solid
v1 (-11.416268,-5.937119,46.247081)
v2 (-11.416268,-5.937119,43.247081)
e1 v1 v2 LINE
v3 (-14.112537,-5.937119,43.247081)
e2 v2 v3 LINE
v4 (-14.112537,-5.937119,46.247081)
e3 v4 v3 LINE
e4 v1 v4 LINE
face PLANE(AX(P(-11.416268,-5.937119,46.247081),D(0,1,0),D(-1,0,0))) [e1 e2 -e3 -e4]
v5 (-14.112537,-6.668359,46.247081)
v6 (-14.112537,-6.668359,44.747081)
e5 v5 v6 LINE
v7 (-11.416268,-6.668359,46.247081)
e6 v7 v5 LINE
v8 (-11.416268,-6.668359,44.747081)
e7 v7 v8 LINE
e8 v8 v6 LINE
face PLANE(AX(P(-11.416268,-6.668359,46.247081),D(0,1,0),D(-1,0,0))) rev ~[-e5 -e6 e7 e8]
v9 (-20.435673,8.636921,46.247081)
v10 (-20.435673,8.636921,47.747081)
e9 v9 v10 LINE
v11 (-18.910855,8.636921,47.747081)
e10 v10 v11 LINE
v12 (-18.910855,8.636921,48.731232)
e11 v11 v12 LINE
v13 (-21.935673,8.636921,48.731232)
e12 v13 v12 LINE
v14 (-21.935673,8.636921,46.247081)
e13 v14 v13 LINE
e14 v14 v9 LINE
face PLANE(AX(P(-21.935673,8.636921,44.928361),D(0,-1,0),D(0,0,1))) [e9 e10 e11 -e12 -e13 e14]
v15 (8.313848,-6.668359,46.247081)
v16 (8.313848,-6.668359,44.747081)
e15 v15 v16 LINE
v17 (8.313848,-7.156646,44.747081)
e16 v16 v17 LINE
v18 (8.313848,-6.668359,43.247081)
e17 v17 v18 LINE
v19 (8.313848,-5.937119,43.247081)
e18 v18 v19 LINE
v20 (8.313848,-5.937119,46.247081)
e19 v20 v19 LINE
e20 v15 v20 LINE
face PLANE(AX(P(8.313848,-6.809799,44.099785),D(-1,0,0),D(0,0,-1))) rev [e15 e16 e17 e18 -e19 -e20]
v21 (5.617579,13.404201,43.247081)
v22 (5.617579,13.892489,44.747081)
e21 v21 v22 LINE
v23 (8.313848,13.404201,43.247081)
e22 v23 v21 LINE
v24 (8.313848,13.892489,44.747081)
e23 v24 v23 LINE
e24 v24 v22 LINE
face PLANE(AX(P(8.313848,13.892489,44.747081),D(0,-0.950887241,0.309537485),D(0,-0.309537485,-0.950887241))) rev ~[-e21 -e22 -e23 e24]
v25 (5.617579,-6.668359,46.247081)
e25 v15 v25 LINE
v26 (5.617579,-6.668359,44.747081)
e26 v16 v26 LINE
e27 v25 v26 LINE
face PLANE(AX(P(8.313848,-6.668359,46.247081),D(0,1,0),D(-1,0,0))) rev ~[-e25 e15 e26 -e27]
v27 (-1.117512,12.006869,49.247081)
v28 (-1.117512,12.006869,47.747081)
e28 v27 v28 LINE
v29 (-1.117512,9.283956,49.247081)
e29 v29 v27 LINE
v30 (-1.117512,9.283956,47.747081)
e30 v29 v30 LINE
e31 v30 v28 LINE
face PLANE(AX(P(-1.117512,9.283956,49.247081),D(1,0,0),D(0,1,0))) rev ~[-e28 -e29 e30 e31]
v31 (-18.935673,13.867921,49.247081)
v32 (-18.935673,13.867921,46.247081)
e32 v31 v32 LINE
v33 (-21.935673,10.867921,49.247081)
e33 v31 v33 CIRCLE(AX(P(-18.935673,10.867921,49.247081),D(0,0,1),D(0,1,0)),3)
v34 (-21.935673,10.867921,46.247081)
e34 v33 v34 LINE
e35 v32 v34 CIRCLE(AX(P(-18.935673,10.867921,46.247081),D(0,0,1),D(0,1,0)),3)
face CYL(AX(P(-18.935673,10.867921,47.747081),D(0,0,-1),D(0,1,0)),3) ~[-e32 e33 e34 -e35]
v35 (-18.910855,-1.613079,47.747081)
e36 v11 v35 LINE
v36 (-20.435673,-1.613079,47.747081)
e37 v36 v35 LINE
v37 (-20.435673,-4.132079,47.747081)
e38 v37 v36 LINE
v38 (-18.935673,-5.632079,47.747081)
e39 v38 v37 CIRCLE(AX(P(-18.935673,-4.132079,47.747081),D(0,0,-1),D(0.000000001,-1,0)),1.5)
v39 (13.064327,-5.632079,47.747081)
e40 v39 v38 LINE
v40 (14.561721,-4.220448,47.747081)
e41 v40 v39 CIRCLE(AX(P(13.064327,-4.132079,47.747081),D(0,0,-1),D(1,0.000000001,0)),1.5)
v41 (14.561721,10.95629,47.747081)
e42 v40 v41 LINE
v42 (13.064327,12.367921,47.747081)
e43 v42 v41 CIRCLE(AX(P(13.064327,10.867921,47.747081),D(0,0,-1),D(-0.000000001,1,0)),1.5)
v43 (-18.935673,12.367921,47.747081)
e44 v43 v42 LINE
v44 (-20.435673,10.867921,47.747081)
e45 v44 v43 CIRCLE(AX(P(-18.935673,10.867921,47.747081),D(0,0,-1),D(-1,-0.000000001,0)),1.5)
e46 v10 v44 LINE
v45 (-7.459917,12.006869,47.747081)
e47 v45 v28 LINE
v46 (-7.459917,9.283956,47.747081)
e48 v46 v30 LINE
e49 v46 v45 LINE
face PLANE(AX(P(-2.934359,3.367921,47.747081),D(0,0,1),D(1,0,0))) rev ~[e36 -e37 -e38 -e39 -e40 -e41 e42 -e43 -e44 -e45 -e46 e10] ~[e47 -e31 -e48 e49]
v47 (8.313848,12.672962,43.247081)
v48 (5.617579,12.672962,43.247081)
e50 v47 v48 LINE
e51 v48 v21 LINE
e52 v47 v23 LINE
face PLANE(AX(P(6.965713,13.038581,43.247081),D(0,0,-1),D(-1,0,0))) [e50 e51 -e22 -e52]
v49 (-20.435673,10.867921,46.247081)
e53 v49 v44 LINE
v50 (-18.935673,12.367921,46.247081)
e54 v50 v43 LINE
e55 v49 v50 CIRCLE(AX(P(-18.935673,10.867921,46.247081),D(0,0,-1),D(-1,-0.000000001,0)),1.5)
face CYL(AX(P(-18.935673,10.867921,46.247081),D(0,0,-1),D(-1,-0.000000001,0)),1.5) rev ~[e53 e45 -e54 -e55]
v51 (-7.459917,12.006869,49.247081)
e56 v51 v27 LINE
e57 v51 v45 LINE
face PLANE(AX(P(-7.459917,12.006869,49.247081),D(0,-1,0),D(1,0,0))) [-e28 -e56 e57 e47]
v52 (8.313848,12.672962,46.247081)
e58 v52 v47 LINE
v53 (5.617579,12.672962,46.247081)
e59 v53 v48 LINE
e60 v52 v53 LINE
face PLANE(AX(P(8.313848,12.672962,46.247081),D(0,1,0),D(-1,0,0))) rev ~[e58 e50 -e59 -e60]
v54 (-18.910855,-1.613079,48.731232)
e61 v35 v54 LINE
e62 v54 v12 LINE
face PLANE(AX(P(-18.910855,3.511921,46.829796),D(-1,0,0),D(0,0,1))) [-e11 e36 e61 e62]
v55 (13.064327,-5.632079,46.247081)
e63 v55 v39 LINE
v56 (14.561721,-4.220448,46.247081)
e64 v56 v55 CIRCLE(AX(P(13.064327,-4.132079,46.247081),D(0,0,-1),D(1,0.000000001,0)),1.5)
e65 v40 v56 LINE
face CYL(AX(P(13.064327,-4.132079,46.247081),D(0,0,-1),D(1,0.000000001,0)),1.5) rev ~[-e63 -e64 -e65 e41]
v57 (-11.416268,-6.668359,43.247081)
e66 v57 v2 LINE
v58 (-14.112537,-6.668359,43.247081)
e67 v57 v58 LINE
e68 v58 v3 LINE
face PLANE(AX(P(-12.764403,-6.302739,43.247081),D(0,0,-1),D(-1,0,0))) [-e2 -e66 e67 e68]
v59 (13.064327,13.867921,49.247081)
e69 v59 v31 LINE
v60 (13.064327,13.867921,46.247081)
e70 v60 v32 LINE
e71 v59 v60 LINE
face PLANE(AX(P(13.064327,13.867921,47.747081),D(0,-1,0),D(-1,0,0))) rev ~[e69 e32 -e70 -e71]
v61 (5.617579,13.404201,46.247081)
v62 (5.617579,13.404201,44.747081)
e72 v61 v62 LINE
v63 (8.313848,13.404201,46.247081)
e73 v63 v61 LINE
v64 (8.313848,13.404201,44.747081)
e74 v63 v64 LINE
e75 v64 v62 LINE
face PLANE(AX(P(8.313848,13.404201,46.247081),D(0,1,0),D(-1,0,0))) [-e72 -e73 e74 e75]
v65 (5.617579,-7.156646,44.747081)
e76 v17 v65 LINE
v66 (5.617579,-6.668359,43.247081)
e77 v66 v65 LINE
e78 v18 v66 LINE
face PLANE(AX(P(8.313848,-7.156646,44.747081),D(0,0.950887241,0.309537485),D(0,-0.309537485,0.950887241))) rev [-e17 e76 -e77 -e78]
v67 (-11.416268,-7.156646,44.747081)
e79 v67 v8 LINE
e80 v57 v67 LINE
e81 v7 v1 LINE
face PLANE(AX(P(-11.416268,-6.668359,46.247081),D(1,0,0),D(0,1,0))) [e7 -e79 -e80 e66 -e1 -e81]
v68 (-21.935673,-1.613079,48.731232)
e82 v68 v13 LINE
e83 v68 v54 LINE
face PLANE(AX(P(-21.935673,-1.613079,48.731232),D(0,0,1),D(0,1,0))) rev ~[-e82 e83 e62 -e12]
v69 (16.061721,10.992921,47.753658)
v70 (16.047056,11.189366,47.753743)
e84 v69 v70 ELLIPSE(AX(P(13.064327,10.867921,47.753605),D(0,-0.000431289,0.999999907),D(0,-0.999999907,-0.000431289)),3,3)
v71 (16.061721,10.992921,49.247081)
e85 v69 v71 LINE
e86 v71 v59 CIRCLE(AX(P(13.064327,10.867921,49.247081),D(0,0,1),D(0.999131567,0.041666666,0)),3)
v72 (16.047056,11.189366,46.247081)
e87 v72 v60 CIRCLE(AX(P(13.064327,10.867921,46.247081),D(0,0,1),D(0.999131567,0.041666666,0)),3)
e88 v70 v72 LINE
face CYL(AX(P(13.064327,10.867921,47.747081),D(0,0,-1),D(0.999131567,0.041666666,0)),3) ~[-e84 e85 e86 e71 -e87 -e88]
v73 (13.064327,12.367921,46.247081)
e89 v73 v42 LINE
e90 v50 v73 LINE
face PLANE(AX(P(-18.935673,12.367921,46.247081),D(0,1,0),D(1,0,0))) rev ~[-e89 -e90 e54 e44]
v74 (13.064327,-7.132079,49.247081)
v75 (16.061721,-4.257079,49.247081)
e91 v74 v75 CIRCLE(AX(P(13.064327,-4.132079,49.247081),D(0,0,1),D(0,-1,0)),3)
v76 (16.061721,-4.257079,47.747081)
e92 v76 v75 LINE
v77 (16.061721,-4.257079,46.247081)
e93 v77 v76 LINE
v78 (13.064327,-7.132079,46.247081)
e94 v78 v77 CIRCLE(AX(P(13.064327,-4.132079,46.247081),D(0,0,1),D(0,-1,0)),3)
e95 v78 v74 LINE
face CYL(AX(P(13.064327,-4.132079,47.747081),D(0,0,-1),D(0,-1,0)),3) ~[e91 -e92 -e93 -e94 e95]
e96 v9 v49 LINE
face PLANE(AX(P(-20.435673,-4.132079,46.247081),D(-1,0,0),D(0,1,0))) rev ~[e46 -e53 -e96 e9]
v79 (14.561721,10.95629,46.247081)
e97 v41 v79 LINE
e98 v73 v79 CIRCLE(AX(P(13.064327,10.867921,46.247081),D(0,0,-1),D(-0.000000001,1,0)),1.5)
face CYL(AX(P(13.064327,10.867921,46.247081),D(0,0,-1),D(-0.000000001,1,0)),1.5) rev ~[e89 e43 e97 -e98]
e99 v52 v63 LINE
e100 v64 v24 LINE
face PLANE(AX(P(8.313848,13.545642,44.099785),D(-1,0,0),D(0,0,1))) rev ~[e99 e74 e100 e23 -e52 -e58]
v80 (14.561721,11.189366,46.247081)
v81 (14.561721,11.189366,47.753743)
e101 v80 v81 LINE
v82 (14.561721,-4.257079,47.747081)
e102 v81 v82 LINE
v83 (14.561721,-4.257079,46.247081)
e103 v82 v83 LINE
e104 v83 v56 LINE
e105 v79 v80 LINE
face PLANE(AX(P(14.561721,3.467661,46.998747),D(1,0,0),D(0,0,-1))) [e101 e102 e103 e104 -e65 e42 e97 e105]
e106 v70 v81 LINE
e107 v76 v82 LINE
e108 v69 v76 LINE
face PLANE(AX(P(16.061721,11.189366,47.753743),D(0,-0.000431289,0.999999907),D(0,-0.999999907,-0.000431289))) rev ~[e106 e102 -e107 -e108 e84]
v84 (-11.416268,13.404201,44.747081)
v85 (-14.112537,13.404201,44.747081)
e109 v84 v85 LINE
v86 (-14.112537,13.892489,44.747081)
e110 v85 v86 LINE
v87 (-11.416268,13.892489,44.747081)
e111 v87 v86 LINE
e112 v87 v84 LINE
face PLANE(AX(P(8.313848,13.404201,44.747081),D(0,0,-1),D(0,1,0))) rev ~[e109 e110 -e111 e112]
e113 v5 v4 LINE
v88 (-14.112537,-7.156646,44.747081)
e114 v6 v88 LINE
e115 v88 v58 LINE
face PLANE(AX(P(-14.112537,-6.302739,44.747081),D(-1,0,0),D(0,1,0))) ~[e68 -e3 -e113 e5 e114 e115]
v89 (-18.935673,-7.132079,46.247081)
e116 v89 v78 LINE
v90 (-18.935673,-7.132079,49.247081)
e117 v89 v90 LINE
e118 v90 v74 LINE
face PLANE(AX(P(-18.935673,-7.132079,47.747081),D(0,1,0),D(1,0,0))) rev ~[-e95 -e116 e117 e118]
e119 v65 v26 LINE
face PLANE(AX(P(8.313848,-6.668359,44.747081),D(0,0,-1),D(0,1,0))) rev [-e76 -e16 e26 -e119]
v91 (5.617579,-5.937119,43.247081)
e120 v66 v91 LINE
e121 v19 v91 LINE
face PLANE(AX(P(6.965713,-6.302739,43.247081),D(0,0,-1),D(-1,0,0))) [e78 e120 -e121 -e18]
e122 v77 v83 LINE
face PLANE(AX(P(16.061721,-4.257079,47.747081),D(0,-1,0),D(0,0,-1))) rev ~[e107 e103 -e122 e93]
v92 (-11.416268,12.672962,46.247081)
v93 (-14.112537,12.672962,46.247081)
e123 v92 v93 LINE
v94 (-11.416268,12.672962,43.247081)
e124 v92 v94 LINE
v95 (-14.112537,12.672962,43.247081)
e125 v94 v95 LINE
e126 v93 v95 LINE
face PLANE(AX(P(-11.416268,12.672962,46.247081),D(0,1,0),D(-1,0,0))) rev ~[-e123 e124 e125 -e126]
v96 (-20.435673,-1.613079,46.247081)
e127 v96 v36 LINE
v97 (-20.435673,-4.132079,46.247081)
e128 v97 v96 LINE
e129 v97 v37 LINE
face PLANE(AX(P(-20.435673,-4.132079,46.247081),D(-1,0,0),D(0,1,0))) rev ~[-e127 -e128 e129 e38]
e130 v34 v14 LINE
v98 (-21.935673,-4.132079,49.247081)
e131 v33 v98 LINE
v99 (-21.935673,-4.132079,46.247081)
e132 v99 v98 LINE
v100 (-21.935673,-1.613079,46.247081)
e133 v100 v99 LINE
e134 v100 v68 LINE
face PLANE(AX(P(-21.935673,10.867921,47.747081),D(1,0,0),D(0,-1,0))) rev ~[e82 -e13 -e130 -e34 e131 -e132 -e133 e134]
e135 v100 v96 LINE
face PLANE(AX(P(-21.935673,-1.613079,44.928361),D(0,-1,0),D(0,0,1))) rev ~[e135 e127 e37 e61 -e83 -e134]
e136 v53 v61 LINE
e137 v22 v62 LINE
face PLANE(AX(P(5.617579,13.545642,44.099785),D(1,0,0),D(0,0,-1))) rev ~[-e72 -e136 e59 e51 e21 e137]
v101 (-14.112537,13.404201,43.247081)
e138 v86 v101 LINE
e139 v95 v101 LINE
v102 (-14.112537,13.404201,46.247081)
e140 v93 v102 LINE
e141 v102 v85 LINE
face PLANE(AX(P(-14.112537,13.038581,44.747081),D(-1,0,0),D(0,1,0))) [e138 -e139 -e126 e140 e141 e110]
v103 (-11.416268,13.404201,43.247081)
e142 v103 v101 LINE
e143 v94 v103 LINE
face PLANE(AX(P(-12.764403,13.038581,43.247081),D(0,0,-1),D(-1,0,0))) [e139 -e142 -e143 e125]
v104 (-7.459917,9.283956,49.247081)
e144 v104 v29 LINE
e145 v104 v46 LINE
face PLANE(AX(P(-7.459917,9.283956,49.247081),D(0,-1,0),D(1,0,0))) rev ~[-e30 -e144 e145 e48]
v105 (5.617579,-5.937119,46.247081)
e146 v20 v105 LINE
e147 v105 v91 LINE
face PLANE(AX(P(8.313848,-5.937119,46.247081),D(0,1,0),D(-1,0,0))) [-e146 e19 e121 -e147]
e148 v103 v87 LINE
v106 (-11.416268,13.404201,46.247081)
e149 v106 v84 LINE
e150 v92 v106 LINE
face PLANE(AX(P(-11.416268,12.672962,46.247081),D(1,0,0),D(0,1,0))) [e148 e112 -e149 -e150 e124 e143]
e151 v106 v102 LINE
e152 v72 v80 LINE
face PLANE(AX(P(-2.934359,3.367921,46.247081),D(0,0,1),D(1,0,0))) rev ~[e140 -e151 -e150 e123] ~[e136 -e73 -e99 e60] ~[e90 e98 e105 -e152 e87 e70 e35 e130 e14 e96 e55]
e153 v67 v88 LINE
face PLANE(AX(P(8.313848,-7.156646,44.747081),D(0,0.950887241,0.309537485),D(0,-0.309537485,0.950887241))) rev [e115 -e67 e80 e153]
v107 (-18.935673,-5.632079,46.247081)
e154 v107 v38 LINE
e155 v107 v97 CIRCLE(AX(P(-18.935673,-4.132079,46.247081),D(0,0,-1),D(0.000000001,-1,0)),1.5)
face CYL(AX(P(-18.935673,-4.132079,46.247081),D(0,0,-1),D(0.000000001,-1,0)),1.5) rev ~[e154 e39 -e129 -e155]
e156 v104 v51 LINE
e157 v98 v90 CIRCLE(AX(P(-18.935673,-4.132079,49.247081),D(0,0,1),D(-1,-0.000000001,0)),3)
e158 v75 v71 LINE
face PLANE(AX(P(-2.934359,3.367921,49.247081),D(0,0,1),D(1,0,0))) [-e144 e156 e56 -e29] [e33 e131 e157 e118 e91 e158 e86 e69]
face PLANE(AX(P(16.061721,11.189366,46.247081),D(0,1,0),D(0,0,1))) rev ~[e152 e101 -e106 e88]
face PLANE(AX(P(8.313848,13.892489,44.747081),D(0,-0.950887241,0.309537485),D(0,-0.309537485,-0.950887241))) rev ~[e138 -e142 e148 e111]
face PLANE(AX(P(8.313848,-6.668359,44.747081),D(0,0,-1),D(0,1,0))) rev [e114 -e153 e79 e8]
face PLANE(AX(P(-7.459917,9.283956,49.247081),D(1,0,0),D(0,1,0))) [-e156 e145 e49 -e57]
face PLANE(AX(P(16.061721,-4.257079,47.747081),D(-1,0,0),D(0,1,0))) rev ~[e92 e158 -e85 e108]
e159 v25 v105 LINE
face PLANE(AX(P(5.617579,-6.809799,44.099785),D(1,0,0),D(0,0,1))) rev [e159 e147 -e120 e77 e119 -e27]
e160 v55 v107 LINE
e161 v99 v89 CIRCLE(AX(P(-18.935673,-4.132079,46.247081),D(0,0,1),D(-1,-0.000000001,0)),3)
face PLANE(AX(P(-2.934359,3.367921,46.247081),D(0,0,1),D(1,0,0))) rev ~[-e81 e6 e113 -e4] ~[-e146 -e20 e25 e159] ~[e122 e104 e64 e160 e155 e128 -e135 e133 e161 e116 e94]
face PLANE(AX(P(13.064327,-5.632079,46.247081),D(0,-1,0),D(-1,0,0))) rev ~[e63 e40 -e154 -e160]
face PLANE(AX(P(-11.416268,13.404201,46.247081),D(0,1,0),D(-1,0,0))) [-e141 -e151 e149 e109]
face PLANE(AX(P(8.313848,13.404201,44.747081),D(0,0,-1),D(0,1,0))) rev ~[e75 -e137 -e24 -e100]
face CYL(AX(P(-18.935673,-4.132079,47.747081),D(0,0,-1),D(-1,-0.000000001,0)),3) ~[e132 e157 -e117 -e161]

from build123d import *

# Parameters (mm, degrees)
EXTRUDE_1_DEPTH     = 1.5
EXTRUDE_2_DEPTH     = 1.5
CUT_EXTRUDE_2_DEPTH = 1.5
SKETCH_8_W          = 6.342405544
SKETCH_8_H          = 2.722912939
CUT_EXTRUDE_3_DEPTH = 1.5
SKETCH_9_W          = 2.696269273
SKETCH_9_H          = 0.7312398
EXTRUDE_4_DEPTH     = 3
EXTRUDE_6_REACH     = 61.436
CUT_EXTRUDE_4_DEPTH = 17.033846789
SKETCH_6_W          = 3.802870335
SKETCH_6_H          = 10.25
CUT_EXTRUDE_5_DEPTH = 3.024817901


with BuildPart() as part:
    # 草图1 → 凸台-拉伸1 (new body)
    with BuildSketch(Plane.XY.offset(46.24708128)):
        with BuildLine():
            Line((-18.935673231, -7.132078693), (13.064326769, -7.132078693))
            ThreePointArc((13.064326769, -7.132078693), (15.140982735, -6.297142202), (16.061721471, -4.257078693))
            Line((16.061721471, -4.257078693), (16.061721471, 10.992921307))
            ThreePointArc((16.061721471, 10.992921307), (15.140982735, 13.032984817), (13.064326769, 13.867921307))
            Line((13.064326769, 13.867921307), (-18.935673231, 13.867921307))
            ThreePointArc((-18.935673231, 13.867921307), (-21.056993574, 12.989241651), (-21.935673231, 10.867921307))
            Line((-21.935673231, 10.867921307), (-21.935673231, -4.132078693))
            ThreePointArc((-21.935673231, -4.132078693), (-21.056993574, -6.253399036), (-18.935673231, -7.132078693))
        make_face()
        with BuildLine():
            Line((13.064326769, -5.632078693), (-18.935673231, -5.632078693))
            ThreePointArc((-18.935673231, -5.632078693), (-19.996333403, -5.192738865), (-20.435673231, -4.132078693))
            Line((-20.435673231, -4.132078693), (-20.435673231, 10.867921307))
            ThreePointArc((-20.435673231, 10.867921307), (-19.996333403, 11.928581479), (-18.935673231, 12.367921307))
            Line((-18.935673231, 12.367921307), (13.064326769, 12.367921307))
            ThreePointArc((13.064326769, 12.367921307), (14.124986941, 11.928581479), (14.564326769, 10.867921307))
            Line((14.564326769, 10.867921307), (14.564326769, -4.132078693))
            ThreePointArc((14.564326769, -4.132078693), (14.124986941, -5.192738865), (13.064326769, -5.632078693))
        make_face(mode=Mode.SUBTRACT)
    extrude(amount=EXTRUDE_1_DEPTH)

    # 草图4 → 凸台-拉伸2 (add)
    with BuildSketch(Plane.XY.offset(47.74708128)):
        with BuildLine():
            Line((-21.935673231, 10.867921307), (-21.935673231, -4.132078693))
            ThreePointArc((-21.935673231, -4.132078693), (-21.056993574, -6.253399036), (-18.935673231, -7.132078693))
            Line((-18.935673231, -7.132078693), (13.064326769, -7.132078693))
            ThreePointArc((13.064326769, -7.132078693), (15.140982735, -6.297142202), (16.061721471, -4.257078693))
            Line((16.061721471, -4.257078693), (16.061721471, 10.992921307))
            ThreePointArc((16.061721471, 10.992921307), (15.140982735, 13.032984817), (13.064326769, 13.867921307))
            Line((13.064326769, 13.867921307), (-18.935673231, 13.867921307))
            ThreePointArc((-18.935673231, 13.867921307), (-21.056993574, 12.989241651), (-21.935673231, 10.867921307))
        make_face()
    extrude(amount=EXTRUDE_2_DEPTH)

    # 草图7 → 切除-拉伸2 (cut)
    with BuildSketch(Plane(origin=(16.061721471, 0, 0), x_dir=(0, 0, -1), z_dir=(1, 0, 0))):
        Polygon((-46.24708128, 11.189366068), (-47.753743169, 11.189366068), (-47.74708128, -4.257078693), (-46.24708128, -4.257078693), align=None)
    extrude(amount=-CUT_EXTRUDE_2_DEPTH, mode=Mode.SUBTRACT)

    # 草图8 → 切除-拉伸3 (cut)
    with BuildSketch(Plane.XY.offset(49.24708128)):
        with Locations((-4.288714371, 10.645412295)):
            Rectangle(SKETCH_8_W, SKETCH_8_H)
    extrude(amount=-CUT_EXTRUDE_3_DEPTH, mode=Mode.SUBTRACT)

    # 草图9 → 凸台-拉伸4 (add)
    with BuildSketch(Plane(origin=(0, 0, 46.24708128), x_dir=(-1, 0, 0), z_dir=(0, 0, -1))):
        with Locations((-6.965713307, 13.038581452)):
            Rectangle(SKETCH_9_W, SKETCH_9_H)
        with Locations((12.764402756, 13.038581452)):
            Rectangle(SKETCH_9_W, SKETCH_9_H)
        with Locations((12.764402756, -6.302738837)):
            Rectangle(SKETCH_9_W, SKETCH_9_H)
        with Locations((-6.965713307, -6.302738837)):
            Rectangle(SKETCH_9_W, SKETCH_9_H)
    extrude(amount=EXTRUDE_4_DEPTH)

    # 凸台-拉伸6: up to this face of the body (flat: up to its plane)
    extrude_6_end = Plane(part.part.faces().sort_by_distance((-14.112537392, 13.038581452, 44.74708128))[0])
    # 草图10 → 凸台-拉伸6 (add, up to the picked face)
    with BuildSketch(Plane(origin=(8.313847943, 0, 0), x_dir=(0, 0, -1), z_dir=(1, 0, 0)), mode=Mode.PRIVATE) as extrude_6_sk1:
        Polygon((-44.74708128, 13.404201352), (-44.74708128, 13.89248872), (-43.24708128, 13.404201352), align=None)
    extrude_6_tool1 = split(extrude(extrude_6_sk1.sketch, amount=-EXTRUDE_6_REACH, mode=Mode.PRIVATE), bisect_by=extrude_6_end, keep=Keep.BOTH, mode=Mode.PRIVATE)
    extrude_6 = extrude_6_tool1.solids().sort_by(Axis((8.313848, 13.566964, 44.247081), (-1, 0, 0)))[0]
    add(extrude_6)

    # 草图11 → 切除-拉伸4 (cut)
    with BuildSketch(Plane(origin=(-11.416268119, 0, 0), x_dir=(0, 0, -1), z_dir=(1, 0, 0))):
        Polygon((-44.74708128, 13.404201352), (-43.24708128, 13.404201352), (-44.74708128, 13.89248872), align=None)
    cut_extrude_4 = extrude(amount=CUT_EXTRUDE_4_DEPTH, mode=Mode.SUBTRACT)

    # 镜向1: 凸台-拉伸6 across plane
    add(extrude_6.mirror(Plane(origin=(0, 3.367921307, 0), x_dir=(0, 0, 1), z_dir=(0, -1, 0))))

    # 镜向2: 切除-拉伸4 across plane
    add(cut_extrude_4.mirror(Plane(origin=(0, 3.367921307, 0), x_dir=(0, 0, 1), z_dir=(0, -1, 0))), mode=Mode.SUBTRACT)

    # 草图6 → 切除-拉伸5 (cut)
    with BuildSketch(Plane.ZY.offset(21.935673231)):
        with Locations((46.829796448, 3.511921307)):
            Rectangle(SKETCH_6_W, SKETCH_6_H)
    extrude(amount=-CUT_EXTRUDE_5_DEPTH, mode=Mode.SUBTRACT)


solid = part.part
